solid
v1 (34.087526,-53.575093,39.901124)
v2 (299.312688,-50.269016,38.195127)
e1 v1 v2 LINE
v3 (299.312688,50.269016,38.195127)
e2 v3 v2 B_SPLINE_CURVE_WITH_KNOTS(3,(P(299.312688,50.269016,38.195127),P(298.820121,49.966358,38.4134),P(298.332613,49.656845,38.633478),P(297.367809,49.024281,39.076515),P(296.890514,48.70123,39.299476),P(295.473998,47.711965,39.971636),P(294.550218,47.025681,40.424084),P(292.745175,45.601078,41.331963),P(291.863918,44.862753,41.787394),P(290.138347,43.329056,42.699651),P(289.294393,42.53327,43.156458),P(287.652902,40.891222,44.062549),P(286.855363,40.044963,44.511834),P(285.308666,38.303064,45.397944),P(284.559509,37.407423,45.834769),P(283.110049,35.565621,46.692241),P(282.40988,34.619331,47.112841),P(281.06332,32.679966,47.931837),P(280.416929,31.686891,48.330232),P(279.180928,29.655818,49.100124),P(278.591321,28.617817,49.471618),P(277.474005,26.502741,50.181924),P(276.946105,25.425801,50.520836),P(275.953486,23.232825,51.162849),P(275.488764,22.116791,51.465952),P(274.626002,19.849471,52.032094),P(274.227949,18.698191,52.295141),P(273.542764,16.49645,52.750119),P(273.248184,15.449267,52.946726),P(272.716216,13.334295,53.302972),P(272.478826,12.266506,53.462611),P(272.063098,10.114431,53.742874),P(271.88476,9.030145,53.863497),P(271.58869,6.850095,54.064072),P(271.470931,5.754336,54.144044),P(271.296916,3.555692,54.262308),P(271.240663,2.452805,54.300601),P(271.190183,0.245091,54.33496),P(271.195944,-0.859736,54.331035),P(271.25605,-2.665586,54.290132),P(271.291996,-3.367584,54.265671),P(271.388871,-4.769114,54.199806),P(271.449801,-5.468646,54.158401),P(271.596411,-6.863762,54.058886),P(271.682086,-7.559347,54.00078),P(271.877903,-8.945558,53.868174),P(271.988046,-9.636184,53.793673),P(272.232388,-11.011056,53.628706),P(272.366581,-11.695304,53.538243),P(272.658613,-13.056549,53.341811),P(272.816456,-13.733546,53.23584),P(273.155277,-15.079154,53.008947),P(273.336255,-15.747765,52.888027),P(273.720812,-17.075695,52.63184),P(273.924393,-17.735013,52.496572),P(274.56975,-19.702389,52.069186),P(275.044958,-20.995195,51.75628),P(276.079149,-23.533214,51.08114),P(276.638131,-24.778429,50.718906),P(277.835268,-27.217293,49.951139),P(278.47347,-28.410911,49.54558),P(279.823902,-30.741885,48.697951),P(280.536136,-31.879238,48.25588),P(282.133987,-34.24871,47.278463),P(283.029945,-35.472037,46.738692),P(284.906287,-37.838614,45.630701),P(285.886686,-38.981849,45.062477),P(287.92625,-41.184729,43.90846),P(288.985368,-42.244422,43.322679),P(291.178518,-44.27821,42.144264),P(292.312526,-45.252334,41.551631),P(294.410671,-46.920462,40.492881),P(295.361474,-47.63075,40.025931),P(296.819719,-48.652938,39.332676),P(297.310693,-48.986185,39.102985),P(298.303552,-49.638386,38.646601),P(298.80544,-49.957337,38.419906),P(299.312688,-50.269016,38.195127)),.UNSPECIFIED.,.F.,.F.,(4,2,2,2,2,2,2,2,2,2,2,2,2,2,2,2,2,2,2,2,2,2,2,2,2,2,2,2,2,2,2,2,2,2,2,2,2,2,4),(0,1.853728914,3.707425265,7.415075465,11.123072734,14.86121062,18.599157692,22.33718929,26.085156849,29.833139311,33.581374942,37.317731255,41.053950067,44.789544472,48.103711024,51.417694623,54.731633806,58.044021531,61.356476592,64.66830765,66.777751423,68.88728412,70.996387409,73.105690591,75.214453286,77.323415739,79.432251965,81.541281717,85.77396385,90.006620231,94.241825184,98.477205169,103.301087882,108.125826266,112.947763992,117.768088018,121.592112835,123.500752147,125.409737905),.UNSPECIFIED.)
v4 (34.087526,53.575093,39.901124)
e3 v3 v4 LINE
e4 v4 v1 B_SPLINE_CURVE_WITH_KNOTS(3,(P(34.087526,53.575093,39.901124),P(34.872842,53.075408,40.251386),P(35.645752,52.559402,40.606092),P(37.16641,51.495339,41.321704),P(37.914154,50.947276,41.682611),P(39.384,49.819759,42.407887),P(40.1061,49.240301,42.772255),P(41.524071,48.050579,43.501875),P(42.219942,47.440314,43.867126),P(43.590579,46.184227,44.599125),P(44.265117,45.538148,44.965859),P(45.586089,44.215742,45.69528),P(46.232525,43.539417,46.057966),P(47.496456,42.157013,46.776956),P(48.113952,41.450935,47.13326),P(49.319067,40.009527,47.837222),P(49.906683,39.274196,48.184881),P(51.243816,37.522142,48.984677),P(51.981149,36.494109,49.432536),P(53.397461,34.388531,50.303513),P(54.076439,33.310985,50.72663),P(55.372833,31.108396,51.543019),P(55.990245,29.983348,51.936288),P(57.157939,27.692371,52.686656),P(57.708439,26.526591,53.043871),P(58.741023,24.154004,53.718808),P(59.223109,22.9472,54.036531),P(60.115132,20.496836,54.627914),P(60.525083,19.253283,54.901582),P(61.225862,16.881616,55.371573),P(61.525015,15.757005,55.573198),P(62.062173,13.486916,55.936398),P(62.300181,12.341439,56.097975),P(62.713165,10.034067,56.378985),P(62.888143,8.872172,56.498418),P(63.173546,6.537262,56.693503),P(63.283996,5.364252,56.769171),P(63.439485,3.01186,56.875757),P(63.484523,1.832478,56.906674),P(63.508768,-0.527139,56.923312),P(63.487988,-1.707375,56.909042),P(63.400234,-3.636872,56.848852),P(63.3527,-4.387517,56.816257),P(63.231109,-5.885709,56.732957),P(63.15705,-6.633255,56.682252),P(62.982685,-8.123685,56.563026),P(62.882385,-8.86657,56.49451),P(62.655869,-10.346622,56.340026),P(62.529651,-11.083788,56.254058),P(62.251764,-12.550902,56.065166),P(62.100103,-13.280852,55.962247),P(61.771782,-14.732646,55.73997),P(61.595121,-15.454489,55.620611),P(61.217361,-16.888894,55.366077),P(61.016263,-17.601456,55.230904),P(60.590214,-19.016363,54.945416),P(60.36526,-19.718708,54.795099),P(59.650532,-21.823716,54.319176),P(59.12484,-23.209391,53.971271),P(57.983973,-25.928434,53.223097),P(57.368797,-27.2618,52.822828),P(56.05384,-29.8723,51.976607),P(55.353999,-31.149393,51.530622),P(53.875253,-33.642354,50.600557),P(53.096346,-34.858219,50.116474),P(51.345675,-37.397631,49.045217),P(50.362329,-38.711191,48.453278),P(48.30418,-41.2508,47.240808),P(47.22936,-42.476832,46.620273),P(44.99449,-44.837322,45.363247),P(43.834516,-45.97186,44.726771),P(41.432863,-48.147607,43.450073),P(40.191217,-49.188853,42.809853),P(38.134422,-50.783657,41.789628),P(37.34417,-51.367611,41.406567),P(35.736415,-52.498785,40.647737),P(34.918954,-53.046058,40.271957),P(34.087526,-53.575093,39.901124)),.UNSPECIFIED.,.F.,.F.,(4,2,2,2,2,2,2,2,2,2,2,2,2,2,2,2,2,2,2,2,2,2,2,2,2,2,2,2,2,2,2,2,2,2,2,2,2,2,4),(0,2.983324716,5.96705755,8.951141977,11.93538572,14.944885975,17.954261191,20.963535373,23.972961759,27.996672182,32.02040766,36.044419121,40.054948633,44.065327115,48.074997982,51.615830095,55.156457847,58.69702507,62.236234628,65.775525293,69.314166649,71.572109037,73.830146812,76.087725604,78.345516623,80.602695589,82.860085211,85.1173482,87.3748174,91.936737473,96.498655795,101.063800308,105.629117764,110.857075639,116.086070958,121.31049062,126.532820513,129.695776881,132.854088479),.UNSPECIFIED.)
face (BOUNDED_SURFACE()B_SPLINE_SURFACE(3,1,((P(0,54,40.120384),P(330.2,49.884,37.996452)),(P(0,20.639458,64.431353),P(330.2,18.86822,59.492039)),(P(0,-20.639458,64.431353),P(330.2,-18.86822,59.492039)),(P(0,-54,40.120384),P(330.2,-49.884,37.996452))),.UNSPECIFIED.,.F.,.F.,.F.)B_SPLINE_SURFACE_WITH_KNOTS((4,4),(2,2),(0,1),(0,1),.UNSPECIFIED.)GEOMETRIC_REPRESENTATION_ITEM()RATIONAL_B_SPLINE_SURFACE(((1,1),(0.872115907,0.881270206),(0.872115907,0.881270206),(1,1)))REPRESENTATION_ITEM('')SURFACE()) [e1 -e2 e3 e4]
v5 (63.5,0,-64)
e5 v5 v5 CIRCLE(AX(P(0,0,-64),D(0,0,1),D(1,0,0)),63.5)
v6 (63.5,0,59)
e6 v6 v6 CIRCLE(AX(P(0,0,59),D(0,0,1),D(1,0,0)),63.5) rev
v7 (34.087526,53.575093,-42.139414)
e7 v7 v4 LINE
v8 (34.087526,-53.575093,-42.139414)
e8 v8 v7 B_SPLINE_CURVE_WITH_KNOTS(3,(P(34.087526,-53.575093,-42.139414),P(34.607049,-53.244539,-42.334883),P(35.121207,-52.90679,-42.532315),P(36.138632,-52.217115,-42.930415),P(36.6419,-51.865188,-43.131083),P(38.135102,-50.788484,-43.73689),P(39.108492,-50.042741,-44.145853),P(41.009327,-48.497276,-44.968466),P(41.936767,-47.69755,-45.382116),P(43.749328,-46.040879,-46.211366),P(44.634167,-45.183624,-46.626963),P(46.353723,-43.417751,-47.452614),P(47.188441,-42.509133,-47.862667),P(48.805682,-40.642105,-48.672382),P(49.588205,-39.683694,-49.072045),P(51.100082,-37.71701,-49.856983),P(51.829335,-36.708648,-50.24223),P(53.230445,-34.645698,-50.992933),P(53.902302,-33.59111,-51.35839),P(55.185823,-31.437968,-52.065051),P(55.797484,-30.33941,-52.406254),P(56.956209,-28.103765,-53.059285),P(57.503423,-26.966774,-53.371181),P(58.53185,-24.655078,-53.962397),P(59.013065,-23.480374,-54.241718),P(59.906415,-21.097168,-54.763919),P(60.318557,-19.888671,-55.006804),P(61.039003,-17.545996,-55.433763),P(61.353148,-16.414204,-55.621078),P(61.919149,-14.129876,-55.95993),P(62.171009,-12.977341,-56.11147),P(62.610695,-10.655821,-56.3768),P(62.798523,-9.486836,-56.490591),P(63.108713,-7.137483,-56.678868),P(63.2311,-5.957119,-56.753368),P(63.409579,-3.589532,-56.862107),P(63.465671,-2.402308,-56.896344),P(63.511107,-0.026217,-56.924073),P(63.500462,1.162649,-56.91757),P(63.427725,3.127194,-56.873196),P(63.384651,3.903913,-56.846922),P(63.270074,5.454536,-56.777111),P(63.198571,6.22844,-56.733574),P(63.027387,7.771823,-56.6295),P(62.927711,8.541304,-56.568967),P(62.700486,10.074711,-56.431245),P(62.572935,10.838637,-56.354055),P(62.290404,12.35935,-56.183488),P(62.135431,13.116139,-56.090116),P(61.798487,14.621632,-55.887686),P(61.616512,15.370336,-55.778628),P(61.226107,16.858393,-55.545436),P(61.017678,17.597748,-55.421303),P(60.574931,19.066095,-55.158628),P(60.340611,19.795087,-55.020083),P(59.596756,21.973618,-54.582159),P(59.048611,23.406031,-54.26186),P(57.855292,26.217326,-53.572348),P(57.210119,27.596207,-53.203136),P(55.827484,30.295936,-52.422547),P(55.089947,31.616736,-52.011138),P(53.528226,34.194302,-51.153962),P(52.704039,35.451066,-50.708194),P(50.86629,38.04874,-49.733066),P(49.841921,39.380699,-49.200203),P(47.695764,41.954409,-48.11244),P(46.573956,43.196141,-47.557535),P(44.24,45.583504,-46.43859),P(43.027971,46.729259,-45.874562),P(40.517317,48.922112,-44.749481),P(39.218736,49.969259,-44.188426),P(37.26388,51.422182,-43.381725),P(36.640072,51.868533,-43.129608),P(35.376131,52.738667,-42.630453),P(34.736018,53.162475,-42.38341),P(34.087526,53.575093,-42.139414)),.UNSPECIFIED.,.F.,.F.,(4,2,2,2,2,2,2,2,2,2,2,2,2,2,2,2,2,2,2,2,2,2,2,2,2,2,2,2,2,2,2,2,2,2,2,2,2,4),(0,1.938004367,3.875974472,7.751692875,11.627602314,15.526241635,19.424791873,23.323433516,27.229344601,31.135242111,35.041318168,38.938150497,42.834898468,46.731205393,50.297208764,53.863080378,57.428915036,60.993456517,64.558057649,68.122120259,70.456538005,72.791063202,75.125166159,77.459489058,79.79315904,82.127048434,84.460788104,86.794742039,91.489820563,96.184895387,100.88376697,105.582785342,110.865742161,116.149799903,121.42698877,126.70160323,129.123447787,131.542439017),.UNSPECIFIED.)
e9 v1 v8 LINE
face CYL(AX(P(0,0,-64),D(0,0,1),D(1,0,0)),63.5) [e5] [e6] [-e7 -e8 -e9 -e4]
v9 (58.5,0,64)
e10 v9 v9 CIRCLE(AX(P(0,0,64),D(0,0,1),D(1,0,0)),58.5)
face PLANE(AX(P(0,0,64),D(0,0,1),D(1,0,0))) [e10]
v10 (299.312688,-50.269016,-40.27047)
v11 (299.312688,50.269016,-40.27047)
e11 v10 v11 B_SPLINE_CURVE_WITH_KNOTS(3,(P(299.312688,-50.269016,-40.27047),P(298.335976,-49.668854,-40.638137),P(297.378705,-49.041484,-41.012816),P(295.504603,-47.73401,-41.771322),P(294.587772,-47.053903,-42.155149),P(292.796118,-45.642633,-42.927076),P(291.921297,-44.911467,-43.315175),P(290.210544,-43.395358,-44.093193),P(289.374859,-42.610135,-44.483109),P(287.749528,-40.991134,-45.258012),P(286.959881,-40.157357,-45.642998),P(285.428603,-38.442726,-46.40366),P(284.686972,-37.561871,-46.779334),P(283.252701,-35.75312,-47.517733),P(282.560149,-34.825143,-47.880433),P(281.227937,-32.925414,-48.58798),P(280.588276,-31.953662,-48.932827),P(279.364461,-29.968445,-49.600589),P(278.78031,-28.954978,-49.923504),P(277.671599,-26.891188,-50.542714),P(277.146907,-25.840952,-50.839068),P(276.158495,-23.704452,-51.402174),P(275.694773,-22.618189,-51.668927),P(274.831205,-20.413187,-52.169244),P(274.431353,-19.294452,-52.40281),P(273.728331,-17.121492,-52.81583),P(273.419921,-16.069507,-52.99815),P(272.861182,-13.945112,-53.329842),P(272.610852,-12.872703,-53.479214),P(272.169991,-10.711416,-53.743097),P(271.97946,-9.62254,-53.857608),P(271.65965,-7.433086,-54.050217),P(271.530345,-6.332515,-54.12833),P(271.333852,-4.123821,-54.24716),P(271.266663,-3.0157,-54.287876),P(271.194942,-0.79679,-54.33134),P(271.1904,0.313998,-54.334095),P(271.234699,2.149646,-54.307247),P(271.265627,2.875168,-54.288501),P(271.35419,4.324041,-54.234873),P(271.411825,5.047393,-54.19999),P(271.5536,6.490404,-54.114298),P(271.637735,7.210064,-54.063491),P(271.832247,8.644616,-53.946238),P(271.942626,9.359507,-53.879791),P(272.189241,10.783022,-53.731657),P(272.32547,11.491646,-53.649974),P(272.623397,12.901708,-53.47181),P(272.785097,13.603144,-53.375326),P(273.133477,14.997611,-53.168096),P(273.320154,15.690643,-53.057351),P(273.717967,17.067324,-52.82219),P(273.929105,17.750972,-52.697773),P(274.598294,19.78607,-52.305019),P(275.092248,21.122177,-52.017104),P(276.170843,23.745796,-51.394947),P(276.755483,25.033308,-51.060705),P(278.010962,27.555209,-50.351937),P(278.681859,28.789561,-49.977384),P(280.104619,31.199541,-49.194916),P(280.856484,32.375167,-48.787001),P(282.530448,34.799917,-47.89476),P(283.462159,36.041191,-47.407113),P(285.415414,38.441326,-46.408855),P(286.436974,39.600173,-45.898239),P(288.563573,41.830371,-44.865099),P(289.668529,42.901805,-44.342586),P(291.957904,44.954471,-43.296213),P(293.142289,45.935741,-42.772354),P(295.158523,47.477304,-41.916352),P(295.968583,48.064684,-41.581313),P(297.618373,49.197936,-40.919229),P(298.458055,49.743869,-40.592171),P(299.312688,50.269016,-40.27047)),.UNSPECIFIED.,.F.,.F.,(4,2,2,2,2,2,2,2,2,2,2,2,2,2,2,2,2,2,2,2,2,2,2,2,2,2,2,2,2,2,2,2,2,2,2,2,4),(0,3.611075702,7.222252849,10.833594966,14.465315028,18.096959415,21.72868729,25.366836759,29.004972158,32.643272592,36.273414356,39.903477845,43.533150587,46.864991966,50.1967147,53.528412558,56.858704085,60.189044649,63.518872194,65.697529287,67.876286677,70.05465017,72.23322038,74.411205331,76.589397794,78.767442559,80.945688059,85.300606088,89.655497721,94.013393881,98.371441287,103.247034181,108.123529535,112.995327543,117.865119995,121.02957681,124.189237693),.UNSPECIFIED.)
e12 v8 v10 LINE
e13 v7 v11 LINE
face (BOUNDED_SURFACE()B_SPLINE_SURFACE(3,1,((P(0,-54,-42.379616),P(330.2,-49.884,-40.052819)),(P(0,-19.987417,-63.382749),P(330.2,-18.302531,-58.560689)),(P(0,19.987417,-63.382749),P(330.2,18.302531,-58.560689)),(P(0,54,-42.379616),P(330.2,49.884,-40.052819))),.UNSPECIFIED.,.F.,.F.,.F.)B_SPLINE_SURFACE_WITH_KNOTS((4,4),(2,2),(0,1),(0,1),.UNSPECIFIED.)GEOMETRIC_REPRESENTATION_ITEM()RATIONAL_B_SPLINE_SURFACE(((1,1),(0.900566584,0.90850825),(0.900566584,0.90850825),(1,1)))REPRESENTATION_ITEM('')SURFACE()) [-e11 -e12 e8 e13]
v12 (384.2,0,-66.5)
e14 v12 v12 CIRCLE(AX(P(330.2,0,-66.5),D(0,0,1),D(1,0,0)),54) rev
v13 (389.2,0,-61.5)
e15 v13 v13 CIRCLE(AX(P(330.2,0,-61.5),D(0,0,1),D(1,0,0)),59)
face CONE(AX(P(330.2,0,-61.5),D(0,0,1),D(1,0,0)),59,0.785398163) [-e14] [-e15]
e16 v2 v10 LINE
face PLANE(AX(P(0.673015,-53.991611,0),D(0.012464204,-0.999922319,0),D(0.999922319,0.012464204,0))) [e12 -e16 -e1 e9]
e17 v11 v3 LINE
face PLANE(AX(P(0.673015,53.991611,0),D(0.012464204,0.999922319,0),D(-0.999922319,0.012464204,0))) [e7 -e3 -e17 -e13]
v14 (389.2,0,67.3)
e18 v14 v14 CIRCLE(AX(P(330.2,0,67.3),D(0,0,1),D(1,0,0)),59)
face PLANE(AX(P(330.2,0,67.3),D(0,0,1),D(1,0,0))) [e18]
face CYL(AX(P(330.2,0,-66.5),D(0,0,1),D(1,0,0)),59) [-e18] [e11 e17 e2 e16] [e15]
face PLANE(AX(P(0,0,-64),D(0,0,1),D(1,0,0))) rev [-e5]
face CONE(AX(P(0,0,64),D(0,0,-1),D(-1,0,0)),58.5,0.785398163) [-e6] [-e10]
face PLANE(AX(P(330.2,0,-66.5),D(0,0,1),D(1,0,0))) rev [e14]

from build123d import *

# Parameters (mm, degrees)
BOSS_EXTRUDE1_DEPTH      = 64
BOSS_EXTRUDE1_DEPTH_BACK = 64
SKETCH1_R                = 63.5
CHAMFER1_SIZE            = 5
BOSS_EXTRUDE2_DEPTH      = 67.3
BOSS_EXTRUDE2_DEPTH_BACK = 66.5
SKETCH9_R                = 59
CHAMFER2_SIZE            = 5


with BuildPart() as part:
    # Sketch1 → Boss-Extrude1 (new, two sides: drawn at the far end of the back side and taken through both)
    with BuildSketch(Plane.XY.offset(-BOSS_EXTRUDE1_DEPTH_BACK)):
        Circle(SKETCH1_R)
    extrude(amount=BOSS_EXTRUDE1_DEPTH + BOSS_EXTRUDE1_DEPTH_BACK)

    # Chamfer1
    chamfer1_edges = [part.edges().sort_by_distance(p)[0] for p in [
        (-63.5, 0, 64),
    ]]
    chamfer(chamfer1_edges, length=CHAMFER1_SIZE)

    # Sketch6 for Loft1 → Loft1 section 0
    with BuildSketch(Plane.ZY):
        with BuildLine():
            Line((40.120383673, -54), (-42.379616327, -54))
            # circular arc as an exact rational Bezier (weights 1, cos(half-angle), 1)
            Bezier((-42.379616327, -54), (-75.725192624, 0), (-42.379616327, 54), weights=[1, 0.850849875, 1])
            Line((-42.379616327, 54), (40.120383673, 54))
            Bezier((40.120383673, 54), (79.472033784, 0), (40.120383673, -54), weights=[1, 0.80817386, 1])
        make_face()
    # Sketch7 for Loft1 → Loft1 section 1
    with BuildSketch(Plane(origin=(330.2, 0, 59), x_dir=(0, 0, 1), z_dir=(-1, 0, 0))):
        with BuildLine():
            Line((-21.003548385, -49.884), (-99.052818608, -49.884))
            Bezier((-99.052818608, -49.884), (-128.286627078, 0), (-99.052818608, 49.884), weights=[1, 0.862762376, 1])
            Line((-99.052818608, 49.884), (-21.003548385, 49.884))
            Bezier((-21.003548385, 49.884), (13.568719727, 0), (-21.003548385, -49.884), weights=[1, 0.821905309, 1])
        make_face()
    loft()

    # Sketch9 → Boss-Extrude2 (add, two sides: drawn at the far end of the back side and taken through both)
    with BuildSketch(Plane.XY.offset(-BOSS_EXTRUDE2_DEPTH_BACK)):
        with Locations((330.2, 0)):
            Circle(SKETCH9_R)
    extrude(amount=BOSS_EXTRUDE2_DEPTH + BOSS_EXTRUDE2_DEPTH_BACK)

    # Chamfer2
    chamfer2_edges = [part.edges().sort_by_distance(p)[0] for p in [
        (271.2, 0, -66.5),
    ]]
    chamfer(chamfer2_edges, length=CHAMFER2_SIZE)


solid = part.part
